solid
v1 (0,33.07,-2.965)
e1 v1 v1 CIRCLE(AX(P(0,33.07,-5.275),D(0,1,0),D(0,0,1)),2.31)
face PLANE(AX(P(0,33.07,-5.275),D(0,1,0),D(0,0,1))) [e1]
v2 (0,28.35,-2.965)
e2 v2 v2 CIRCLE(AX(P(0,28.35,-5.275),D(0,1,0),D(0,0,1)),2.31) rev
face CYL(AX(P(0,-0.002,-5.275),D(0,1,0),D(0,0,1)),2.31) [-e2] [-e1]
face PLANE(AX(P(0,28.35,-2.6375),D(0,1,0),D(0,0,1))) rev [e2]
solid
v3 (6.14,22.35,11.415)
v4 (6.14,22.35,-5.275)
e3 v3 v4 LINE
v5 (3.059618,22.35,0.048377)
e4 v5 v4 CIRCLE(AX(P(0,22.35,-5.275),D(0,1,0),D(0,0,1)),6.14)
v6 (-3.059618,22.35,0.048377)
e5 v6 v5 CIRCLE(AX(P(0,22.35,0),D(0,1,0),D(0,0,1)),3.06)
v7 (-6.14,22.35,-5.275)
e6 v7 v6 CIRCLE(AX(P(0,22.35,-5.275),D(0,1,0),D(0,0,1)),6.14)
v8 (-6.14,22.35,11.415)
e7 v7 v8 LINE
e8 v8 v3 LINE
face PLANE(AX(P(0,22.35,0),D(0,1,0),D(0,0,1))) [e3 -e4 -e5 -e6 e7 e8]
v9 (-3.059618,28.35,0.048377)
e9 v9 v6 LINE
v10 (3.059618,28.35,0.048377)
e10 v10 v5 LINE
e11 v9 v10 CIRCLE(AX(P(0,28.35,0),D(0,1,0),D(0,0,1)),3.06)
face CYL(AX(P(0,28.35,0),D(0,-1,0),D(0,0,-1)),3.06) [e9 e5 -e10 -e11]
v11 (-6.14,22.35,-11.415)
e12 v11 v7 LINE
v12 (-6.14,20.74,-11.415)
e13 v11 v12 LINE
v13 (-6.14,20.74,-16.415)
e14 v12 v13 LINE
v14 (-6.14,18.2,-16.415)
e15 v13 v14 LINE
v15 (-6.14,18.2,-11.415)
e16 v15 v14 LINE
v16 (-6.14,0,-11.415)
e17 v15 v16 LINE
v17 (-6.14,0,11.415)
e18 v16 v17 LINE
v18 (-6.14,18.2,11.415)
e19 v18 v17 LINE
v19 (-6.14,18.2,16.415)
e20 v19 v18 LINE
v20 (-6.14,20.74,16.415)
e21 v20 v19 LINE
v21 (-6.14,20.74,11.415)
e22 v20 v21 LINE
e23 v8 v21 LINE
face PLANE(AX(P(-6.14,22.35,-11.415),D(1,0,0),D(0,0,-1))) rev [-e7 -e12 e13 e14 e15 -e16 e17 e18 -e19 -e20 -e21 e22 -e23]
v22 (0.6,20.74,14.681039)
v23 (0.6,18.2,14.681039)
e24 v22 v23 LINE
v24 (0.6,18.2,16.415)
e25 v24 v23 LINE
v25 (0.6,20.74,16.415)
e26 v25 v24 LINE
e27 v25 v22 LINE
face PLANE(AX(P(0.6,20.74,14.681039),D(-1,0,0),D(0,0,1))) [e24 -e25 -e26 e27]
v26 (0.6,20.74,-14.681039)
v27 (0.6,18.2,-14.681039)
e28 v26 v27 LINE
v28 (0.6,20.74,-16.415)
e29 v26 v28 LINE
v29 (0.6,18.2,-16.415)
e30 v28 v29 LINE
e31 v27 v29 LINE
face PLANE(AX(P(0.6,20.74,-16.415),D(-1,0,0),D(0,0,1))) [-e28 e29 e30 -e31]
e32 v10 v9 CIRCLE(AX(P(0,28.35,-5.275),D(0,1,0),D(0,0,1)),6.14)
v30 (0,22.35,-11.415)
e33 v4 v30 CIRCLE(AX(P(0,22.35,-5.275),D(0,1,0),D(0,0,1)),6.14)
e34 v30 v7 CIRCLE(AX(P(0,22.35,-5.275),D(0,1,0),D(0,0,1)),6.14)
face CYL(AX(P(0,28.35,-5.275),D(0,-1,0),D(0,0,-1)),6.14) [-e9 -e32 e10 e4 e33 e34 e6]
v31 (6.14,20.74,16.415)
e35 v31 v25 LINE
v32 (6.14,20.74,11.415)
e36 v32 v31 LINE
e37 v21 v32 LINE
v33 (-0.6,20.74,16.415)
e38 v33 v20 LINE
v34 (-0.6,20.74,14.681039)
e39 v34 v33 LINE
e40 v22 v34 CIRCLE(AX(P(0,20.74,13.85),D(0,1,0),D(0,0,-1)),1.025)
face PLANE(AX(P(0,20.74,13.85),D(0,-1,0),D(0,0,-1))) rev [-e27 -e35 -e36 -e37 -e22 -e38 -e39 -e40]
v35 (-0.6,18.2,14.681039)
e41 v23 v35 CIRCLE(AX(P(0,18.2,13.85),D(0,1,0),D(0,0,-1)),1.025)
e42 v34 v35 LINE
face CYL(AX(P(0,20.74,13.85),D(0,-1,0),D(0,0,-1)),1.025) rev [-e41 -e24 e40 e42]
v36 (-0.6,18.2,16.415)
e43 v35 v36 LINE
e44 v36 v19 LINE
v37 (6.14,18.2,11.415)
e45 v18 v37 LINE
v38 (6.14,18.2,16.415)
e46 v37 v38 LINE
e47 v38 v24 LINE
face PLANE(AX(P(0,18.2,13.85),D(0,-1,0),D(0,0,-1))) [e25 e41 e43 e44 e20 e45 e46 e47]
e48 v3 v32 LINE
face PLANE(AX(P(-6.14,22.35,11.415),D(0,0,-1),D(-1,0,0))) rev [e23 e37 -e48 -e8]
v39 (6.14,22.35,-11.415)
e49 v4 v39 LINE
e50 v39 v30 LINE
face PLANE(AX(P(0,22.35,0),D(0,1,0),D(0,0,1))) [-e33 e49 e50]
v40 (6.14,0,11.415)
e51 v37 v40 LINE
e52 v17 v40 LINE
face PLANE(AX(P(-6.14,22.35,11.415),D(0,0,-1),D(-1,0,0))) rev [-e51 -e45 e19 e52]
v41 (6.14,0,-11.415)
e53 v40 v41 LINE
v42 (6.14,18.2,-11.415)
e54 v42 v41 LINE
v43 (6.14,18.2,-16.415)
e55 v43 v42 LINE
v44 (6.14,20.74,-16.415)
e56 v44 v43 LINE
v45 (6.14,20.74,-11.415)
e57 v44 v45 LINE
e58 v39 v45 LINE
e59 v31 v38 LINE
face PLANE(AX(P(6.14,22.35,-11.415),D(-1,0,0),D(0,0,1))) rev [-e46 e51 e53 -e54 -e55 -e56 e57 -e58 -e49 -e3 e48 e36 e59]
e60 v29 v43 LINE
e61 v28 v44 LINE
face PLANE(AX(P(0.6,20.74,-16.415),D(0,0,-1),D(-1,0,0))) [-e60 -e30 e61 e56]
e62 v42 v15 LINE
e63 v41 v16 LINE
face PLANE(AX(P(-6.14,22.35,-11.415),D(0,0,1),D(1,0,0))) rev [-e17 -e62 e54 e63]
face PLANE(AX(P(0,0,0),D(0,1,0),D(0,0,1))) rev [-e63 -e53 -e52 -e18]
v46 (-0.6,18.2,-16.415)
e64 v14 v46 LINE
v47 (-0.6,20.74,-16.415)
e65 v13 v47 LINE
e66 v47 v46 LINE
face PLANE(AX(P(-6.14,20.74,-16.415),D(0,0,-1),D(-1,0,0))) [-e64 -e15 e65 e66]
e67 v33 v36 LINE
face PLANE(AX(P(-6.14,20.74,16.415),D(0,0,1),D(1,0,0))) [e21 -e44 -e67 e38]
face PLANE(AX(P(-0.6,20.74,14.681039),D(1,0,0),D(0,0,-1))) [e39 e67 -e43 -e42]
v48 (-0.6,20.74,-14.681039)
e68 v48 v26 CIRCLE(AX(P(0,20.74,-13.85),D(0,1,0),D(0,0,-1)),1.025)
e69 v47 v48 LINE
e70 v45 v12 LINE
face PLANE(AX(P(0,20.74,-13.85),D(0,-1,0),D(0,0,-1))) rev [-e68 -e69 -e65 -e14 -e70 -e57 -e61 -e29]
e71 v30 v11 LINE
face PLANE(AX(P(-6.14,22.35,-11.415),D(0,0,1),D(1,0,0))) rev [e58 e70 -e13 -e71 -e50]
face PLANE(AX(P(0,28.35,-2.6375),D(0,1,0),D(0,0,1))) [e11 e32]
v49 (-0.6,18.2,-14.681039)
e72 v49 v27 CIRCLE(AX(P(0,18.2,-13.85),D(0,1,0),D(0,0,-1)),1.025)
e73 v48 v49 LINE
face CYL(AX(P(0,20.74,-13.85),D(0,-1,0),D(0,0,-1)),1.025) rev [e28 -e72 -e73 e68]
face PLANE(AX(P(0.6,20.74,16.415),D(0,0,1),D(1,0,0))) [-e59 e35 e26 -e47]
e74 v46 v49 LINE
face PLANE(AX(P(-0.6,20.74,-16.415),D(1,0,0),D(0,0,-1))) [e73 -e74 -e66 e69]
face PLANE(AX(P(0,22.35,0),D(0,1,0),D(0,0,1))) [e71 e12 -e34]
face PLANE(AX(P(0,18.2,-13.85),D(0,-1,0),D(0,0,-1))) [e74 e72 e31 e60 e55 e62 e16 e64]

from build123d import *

# Parameters (mm, degrees)
SKETCH1_W           = 12.28
SKETCH1_H           = 22.83
BOSS_EXTRUDE1_DEPTH = 22.35
BOSS_EXTRUDE2_DEPTH = 2.54
BOSS_EXTRUDE3_DEPTH = 6
BOSS_EXTRUDE4_REACH = 39.427
SKETCH4_R           = 2.31


with BuildPart() as part:
    # Sketch1 → Boss-Extrude1 (new body)
    with BuildSketch(Plane(origin=(0, 0, 0), x_dir=(1, 0, 0), z_dir=(0, 1, 0))):
        Rectangle(SKETCH1_W, SKETCH1_H)
    extrude(amount=BOSS_EXTRUDE1_DEPTH)

    # Sketch2 → Boss-Extrude2 (add)
    with BuildSketch(Plane(origin=(0, 18.2, 0), x_dir=(-1, 0, 0), z_dir=(0, -1, 0))):
        with BuildLine():
            Line((6.14, 11.415), (6.14, 16.415))
            Line((6.14, 16.415), (0.6, 16.415))
            Line((0.6, 16.415), (0.6, 14.681038507))
            ThreePointArc((0.6, 14.681038507), (0, 12.825), (-0.6, 14.681038507))
            Line((-0.6, 14.681038507), (-0.6, 16.415))
            Line((-0.6, 16.415), (-6.14, 16.415))
            Line((-6.14, 16.415), (-6.14, 11.415))
            Line((-6.14, 11.415), (6.14, 11.415))
        make_face()
        with BuildLine():
            Line((6.14, -11.415), (6.14, -16.415))
            Line((6.14, -16.415), (0.6, -16.415))
            Line((0.6, -16.415), (0.6, -14.681038507))
            ThreePointArc((0.6, -14.681038507), (0, -12.825), (-0.6, -14.681038507))
            Line((-0.6, -14.681038507), (-0.6, -16.415))
            Line((-0.6, -16.415), (-6.14, -16.415))
            Line((-6.14, -16.415), (-6.14, -11.415))
            Line((-6.14, -11.415), (6.14, -11.415))
        make_face()
    extrude(amount=-BOSS_EXTRUDE2_DEPTH)

    # Sketch3 → Boss-Extrude3 (add)
    with BuildSketch(Plane(origin=(0, 22.35, 0), x_dir=(1, 0, 0), z_dir=(0, 1, 0))):
        with BuildLine():
            ThreePointArc((-3.059617572, -0.048376777), (0, -3.06), (3.059617572, -0.048376777))
            ThreePointArc((3.059617572, -0.048376777), (0, 11.415), (-3.059617572, -0.048376777))
        make_face()
    extrude(amount=BOSS_EXTRUDE3_DEPTH)


with BuildPart() as body_2:

    # Sketch4 → Boss-Extrude4 (new, up to next)
    with BuildSketch(Plane(origin=(0, 33.07, 0), x_dir=(1, 0, 0), z_dir=(0, 1, 0)), mode=Mode.PRIVATE) as boss_extrude4_sk1:
        with Locations(Location((0, 5.275, 0), (0, 0, 270))):
            Circle(SKETCH4_R)
    boss_extrude4_tool1 = extrude(boss_extrude4_sk1.sketch, amount=-BOSS_EXTRUDE4_REACH, mode=Mode.PRIVATE) - part.part
    add(boss_extrude4_tool1.solids().sort_by_distance((0, 33.07, -5.275))[0])


solid = Compound([part.part, body_2.part])
